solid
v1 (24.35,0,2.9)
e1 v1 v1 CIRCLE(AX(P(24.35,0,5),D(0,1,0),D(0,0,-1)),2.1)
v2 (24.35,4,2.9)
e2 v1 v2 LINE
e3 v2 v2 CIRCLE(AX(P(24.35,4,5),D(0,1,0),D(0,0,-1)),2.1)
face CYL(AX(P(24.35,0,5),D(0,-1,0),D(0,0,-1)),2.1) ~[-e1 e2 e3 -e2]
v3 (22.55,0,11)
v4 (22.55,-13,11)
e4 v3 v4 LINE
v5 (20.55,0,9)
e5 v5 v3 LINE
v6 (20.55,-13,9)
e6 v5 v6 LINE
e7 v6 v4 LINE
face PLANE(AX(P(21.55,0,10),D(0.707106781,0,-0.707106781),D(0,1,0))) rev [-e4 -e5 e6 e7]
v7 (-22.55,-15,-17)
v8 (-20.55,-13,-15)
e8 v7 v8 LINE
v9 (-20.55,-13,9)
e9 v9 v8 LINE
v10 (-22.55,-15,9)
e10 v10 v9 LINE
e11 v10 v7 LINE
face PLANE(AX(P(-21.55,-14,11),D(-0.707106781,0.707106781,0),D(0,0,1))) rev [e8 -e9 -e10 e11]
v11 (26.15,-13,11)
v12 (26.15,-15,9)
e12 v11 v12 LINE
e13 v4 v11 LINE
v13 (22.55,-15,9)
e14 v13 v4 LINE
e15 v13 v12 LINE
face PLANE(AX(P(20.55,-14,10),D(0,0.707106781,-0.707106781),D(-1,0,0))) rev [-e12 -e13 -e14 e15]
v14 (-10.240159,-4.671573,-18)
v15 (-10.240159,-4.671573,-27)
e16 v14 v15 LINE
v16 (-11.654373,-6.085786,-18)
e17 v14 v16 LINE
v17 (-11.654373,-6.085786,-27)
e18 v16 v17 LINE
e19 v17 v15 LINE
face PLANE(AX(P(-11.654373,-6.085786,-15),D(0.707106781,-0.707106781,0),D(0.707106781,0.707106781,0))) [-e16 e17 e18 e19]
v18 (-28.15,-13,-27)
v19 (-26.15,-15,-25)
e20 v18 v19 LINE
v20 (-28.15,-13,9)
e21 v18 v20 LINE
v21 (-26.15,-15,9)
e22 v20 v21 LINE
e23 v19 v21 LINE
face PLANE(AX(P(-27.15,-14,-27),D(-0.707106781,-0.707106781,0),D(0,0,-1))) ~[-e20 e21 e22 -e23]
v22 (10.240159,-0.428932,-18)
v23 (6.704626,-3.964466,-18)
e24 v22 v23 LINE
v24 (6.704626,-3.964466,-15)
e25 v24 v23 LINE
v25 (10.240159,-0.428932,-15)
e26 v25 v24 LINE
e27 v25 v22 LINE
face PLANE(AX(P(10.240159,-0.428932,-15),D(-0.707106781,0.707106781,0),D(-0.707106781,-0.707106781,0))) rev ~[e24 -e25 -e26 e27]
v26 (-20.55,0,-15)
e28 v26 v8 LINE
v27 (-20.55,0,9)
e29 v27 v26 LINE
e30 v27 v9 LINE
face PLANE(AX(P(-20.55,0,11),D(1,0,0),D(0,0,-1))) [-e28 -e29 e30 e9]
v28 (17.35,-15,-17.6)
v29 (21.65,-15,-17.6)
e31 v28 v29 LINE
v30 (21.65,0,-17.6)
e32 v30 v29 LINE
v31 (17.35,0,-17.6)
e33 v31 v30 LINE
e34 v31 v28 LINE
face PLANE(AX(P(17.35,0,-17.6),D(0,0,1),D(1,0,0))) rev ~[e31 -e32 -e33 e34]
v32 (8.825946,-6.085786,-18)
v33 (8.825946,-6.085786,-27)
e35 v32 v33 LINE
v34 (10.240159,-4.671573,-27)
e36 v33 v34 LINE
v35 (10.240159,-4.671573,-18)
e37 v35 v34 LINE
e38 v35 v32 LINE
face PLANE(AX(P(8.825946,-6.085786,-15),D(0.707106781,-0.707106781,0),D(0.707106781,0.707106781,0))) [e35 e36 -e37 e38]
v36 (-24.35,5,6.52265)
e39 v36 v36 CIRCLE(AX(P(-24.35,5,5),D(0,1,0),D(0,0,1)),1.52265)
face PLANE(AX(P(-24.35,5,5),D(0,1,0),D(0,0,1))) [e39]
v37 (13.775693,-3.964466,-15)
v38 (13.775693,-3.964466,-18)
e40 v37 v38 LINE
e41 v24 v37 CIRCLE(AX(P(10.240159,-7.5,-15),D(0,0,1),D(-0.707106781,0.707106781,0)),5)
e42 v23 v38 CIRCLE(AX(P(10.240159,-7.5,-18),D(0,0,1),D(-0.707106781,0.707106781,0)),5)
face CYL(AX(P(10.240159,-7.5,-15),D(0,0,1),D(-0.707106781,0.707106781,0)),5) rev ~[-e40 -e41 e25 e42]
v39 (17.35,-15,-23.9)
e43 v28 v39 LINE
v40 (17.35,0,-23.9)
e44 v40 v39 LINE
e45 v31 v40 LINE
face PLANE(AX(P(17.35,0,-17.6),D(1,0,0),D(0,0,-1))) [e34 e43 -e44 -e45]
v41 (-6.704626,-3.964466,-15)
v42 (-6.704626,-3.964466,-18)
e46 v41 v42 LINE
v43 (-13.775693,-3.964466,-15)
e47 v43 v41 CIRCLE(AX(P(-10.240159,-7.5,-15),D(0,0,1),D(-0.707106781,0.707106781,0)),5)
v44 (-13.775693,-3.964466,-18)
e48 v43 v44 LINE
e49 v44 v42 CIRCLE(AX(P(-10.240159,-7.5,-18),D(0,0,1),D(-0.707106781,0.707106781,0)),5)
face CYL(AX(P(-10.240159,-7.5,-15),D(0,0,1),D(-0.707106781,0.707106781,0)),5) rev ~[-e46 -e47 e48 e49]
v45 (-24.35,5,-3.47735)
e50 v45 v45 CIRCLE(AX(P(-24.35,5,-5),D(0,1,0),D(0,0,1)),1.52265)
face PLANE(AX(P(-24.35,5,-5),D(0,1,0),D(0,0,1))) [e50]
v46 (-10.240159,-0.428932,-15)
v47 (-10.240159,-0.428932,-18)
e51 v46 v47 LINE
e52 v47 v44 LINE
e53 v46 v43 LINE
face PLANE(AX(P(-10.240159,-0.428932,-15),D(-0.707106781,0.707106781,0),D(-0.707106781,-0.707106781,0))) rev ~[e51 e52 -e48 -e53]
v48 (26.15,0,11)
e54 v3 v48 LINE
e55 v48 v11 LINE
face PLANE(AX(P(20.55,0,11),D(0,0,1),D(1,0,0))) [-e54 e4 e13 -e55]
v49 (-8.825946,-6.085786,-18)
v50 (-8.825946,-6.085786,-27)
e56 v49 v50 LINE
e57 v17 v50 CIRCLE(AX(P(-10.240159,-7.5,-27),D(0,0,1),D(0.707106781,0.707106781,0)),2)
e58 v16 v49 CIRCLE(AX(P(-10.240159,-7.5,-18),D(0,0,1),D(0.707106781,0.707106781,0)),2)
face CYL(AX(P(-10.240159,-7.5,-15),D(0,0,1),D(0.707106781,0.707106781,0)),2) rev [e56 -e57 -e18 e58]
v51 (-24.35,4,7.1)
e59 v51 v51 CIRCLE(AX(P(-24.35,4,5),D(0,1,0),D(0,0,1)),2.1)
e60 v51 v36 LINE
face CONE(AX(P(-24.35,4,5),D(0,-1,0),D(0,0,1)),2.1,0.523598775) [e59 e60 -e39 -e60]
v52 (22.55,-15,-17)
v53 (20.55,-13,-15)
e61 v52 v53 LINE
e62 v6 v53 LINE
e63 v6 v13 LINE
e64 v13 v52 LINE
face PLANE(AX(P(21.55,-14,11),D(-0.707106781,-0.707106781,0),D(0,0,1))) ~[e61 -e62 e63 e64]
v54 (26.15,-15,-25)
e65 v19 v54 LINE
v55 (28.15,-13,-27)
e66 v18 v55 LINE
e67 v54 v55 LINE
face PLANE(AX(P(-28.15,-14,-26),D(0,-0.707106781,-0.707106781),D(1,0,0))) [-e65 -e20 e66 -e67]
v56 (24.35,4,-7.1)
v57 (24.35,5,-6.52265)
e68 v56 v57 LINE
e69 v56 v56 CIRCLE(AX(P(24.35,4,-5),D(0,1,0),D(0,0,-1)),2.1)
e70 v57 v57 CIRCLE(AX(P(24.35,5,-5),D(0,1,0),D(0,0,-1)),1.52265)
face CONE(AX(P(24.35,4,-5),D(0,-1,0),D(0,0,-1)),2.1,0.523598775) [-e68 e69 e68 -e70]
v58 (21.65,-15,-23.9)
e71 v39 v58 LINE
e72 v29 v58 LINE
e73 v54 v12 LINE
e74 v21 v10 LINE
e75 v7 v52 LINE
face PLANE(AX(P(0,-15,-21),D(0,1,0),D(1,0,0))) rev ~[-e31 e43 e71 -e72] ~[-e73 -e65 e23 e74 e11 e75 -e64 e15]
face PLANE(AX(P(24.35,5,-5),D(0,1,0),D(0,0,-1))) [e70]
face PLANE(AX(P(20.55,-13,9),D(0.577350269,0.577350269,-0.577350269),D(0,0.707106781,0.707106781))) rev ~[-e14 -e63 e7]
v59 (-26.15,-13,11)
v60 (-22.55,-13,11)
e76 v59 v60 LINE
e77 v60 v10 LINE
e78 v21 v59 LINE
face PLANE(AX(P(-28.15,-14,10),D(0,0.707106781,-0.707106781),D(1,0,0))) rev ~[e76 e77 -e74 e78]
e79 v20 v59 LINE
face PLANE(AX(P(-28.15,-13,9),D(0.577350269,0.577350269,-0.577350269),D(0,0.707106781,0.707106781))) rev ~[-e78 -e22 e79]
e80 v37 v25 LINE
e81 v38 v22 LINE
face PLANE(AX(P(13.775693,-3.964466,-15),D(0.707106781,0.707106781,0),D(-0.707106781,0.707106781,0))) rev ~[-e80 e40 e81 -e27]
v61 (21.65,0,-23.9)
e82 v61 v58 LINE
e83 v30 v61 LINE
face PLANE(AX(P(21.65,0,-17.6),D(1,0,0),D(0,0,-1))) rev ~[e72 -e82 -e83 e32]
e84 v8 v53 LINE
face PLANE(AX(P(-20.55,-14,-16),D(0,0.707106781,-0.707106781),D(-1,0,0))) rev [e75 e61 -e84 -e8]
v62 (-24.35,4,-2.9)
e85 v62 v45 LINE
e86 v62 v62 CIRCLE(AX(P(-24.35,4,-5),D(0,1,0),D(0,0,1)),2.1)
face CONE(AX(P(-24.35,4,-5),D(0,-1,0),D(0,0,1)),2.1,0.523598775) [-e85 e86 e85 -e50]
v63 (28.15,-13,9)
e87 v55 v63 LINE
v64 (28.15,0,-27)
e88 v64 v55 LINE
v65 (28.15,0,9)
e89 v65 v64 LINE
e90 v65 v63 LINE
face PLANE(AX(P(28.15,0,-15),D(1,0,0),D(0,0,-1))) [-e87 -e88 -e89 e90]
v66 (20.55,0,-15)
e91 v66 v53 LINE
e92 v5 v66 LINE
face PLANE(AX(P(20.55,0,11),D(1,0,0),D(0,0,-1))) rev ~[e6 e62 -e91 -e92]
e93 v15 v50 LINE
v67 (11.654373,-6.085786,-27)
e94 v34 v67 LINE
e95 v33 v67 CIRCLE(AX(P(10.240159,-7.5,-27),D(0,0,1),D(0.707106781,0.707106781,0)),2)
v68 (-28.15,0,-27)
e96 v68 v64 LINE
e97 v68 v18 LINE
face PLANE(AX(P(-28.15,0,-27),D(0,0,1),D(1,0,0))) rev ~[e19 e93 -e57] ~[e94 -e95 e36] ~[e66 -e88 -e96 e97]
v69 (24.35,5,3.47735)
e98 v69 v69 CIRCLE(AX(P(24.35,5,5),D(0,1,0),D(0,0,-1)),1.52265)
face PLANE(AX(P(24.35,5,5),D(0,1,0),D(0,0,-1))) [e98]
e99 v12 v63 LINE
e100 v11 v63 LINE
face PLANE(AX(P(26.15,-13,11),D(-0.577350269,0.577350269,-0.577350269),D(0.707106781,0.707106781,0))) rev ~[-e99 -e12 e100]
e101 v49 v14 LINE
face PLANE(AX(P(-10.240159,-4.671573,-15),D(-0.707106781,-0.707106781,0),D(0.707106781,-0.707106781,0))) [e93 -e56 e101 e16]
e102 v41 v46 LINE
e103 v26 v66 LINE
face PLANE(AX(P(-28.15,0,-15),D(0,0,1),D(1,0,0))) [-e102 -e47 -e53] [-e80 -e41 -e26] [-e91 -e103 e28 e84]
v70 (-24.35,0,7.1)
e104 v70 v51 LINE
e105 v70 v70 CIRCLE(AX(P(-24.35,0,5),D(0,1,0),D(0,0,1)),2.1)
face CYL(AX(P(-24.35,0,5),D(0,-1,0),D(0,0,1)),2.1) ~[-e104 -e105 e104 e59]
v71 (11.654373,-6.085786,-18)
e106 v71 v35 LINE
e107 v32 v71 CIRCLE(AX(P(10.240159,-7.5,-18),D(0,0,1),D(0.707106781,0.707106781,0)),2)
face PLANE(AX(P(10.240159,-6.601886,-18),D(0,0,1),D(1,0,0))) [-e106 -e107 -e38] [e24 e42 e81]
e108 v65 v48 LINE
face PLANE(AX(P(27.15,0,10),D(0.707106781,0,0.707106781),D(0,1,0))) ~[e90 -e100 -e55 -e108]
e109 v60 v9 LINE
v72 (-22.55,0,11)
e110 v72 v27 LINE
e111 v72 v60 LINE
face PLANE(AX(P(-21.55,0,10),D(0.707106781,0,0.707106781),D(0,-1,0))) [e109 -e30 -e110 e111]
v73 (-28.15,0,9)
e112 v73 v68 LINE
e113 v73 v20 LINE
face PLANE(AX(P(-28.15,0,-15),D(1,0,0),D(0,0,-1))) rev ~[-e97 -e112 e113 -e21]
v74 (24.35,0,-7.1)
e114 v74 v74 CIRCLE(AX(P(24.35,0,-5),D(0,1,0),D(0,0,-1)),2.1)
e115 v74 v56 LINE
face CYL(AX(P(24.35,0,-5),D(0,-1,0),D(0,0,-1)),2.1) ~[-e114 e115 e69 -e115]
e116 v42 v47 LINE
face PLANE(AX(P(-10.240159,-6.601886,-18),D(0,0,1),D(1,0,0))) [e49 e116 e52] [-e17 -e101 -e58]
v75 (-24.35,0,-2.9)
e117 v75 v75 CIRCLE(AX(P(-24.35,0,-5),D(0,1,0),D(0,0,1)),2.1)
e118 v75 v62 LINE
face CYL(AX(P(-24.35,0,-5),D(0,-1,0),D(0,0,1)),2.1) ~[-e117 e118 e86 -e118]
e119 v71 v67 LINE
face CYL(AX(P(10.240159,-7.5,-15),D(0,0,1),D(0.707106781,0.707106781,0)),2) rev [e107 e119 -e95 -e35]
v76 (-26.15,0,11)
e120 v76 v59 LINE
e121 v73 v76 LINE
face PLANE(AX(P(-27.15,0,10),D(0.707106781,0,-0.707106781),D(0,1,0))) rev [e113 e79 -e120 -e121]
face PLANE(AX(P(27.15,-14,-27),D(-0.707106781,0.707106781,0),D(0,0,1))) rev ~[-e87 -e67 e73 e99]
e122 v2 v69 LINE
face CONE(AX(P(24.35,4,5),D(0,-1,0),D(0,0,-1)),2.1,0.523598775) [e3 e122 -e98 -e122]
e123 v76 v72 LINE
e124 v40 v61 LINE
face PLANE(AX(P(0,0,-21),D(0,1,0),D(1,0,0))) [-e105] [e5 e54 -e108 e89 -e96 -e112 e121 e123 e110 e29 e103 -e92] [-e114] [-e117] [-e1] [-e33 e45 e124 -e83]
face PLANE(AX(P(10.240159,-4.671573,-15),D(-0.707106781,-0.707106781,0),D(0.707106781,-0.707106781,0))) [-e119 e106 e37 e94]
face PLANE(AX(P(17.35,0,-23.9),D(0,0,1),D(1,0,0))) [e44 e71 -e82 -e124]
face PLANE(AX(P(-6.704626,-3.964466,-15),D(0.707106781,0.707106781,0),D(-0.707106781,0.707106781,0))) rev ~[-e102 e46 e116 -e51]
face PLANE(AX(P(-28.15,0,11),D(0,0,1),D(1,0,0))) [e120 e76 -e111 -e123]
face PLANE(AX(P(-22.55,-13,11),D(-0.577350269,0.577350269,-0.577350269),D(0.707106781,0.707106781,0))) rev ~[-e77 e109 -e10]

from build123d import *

# Parameters (mm, degrees)
SKETCH2_R             = 2.1
BOSS_EXTRUDE1_DEPTH   = 5
BOSS_EXTRUDE1_2_DEPTH = 5
BOSS_EXTRUDE1_3_DEPTH = 5
BOSS_EXTRUDE1_4_DEPTH = 5
SKETCH3_W             = 7.6
SKETCH3_H             = 26
BOSS_EXTRUDE2_DEPTH   = 15
CHAMFER1_SIZE         = 1
CHAMFER1_SIZE2        = 0.577350269
CHAMFER1_PART_2_SIZE  = 1
CHAMFER1_PART_2_SIZE2 = 0.577350269
CHAMFER2_SIZE         = 1
CHAMFER2_SIZE2        = 0.577350269
CHAMFER2_PART_2_SIZE  = 1
CHAMFER2_PART_2_SIZE2 = 0.577350269
SKETCH4_W             = 56.3
SKETCH4_H             = 12
BOSS_EXTRUDE3_DEPTH   = 15
CUT_EXTRUDE1_DEPTH    = 42.151215049
CUT_EXTRUDE2_DEPTH    = 3
CHAMFER7_SIZE         = 2
SKETCH7_W             = 4.3
SKETCH7_H             = 6.3
CUT_EXTRUDE3_DEPTH    = 42.790220148


with BuildPart() as part:
    # Sketch2 → Boss-Extrude1 (new body)
    with BuildSketch(Plane(origin=(0, 0, 0), x_dir=(1, 0, 0), z_dir=(0, 1, 0))):
        with Locations(Location((-24.35, 5, 0), (0, 0, 270))):
            Circle(SKETCH2_R)
    extrude(amount=BOSS_EXTRUDE1_DEPTH)



with BuildPart() as body_2:
    # Sketch2 → Boss-Extrude1 2 (new body)
    with BuildSketch(Plane(origin=(0, 0, 0), x_dir=(1, 0, 0), z_dir=(0, 1, 0))):
        with Locations(Location((-24.35, -5, 0), (0, 0, 270))):
            Circle(SKETCH2_R)
    extrude(amount=BOSS_EXTRUDE1_2_DEPTH)


with BuildPart() as body_3:
    # Sketch2 → Boss-Extrude1 3 (new body)
    with BuildSketch(Plane(origin=(0, 0, 0), x_dir=(1, 0, 0), z_dir=(0, 1, 0))):
        with Locations(Location((24.35, -5, 0), (0, 0, 90))):
            Circle(SKETCH2_R)
    extrude(amount=BOSS_EXTRUDE1_3_DEPTH)


with BuildPart() as body_4:
    # Sketch2 → Boss-Extrude1 4 (new body)
    with BuildSketch(Plane(origin=(0, 0, 0), x_dir=(1, 0, 0), z_dir=(0, 1, 0))):
        with Locations(Location((24.35, 5, 0), (0, 0, 90))):
            Circle(SKETCH2_R)
    extrude(amount=BOSS_EXTRUDE1_4_DEPTH)


with BuildPart() as part_1:
    add(part.part)

    add(body_2.part)  # Boss-Extrude2 merges body 2

    add(body_3.part)  # Boss-Extrude2 merges body 3

    add(body_4.part)  # Boss-Extrude2 merges body 4
    # Sketch3 → Boss-Extrude2 (add)
    with BuildSketch(Plane(origin=(0, 0, 0), x_dir=(1, 0, 0), z_dir=(0, 1, 0))):
        with Locations((-24.35, 2)):
            Rectangle(SKETCH3_W, SKETCH3_H)
        with Locations((24.35, 2)):
            Rectangle(SKETCH3_W, SKETCH3_H)
    extrude(amount=-BOSS_EXTRUDE2_DEPTH)

    # Chamfer1
    chamfer1_edges = [part_1.edges().sort_by_distance(p)[0] for p in [
        (-24.35, 5, 2.9),
    ]]
    chamfer1_side = [part_1.faces().sort_by_distance(p)[0] for p in [
        (-24.35, 2.5, 2.9),
    ]]
    chamfer(chamfer1_edges, length=CHAMFER1_SIZE, length2=CHAMFER1_SIZE2, reference=chamfer1_side[0])

    # Chamfer1 part 2
    chamfer1_part_2_edges = [part_1.edges().sort_by_distance(p)[0] for p in [
        (-24.35, 5, -7.1),
    ]]
    chamfer1_part_2_side = [part_1.faces().sort_by_distance(p)[0] for p in [
        (-24.35, 2.5, -7.1),
    ]]
    chamfer(chamfer1_part_2_edges, length=CHAMFER1_PART_2_SIZE, length2=CHAMFER1_PART_2_SIZE2, reference=chamfer1_part_2_side[0])

    # Chamfer2
    chamfer2_edges = [part_1.edges().sort_by_distance(p)[0] for p in [
        (24.35, 5, -2.9),
    ]]
    chamfer2_side = [part_1.faces().sort_by_distance(p)[0] for p in [
        (24.35, 2.5, -2.9),
    ]]
    chamfer(chamfer2_edges, length=CHAMFER2_SIZE, length2=CHAMFER2_SIZE2, reference=chamfer2_side[0])

    # Chamfer2 part 2
    chamfer2_part_2_edges = [part_1.edges().sort_by_distance(p)[0] for p in [
        (24.35, 5, 7.1),
    ]]
    chamfer2_part_2_side = [part_1.faces().sort_by_distance(p)[0] for p in [
        (24.35, 2.5, 7.1),
    ]]
    chamfer(chamfer2_part_2_edges, length=CHAMFER2_PART_2_SIZE, length2=CHAMFER2_PART_2_SIZE2, reference=chamfer2_part_2_side[0])

    # Sketch4 → Boss-Extrude3 (add)
    with BuildSketch(Plane(origin=(0, 0, 0), x_dir=(1, 0, 0), z_dir=(0, 1, 0))):
        with Locations((0, 21)):
            Rectangle(SKETCH4_W, SKETCH4_H)
    extrude(amount=-BOSS_EXTRUDE3_DEPTH)

    # Sketch5 → Cut-Extrude1 (cut, through all)
    with BuildSketch(Plane.XY.offset(-15)):
        with BuildLine():
            Line((-11.654372972, -6.085786438), (-10.24015941, -4.671572875))
            Line((-10.24015941, -4.671572875), (-8.825945848, -6.085786438))
            ThreePointArc((-8.825945848, -6.085786438), (-10.24015941, -9.5), (-11.654372972, -6.085786438))
        make_face()
        with BuildLine():
            ThreePointArc((11.654372972, -6.085786438), (10.24015941, -9.5), (8.825945848, -6.085786438))
            Line((8.825945848, -6.085786438), (10.24015941, -4.671572875))
            Line((10.24015941, -4.671572875), (11.654372972, -6.085786438))
        make_face()
    extrude(amount=-CUT_EXTRUDE1_DEPTH, mode=Mode.SUBTRACT)

    # Sketch6 → Cut-Extrude2 (cut)
    with BuildSketch(Plane.XY.offset(-15)):
        with BuildLine():
            Line((-6.704625504, -3.964466094), (-10.24015941, -0.428932188))
            Line((-10.24015941, -0.428932188), (-13.775693316, -3.964466094))
            ThreePointArc((-13.775693316, -3.964466094), (-10.24015941, -12.5), (-6.704625504, -3.964466094))
        make_face()
        with BuildLine():
            Line((13.775693316, -3.964466094), (10.24015941, -0.428932188))
            Line((10.24015941, -0.428932188), (6.704625504, -3.964466094))
            ThreePointArc((6.704625504, -3.964466094), (10.24015941, -12.5), (13.775693316, -3.964466094))
        make_face()
    extrude(amount=-CUT_EXTRUDE2_DEPTH, mode=Mode.SUBTRACT)

    # Chamfer7
    chamfer7_edges = [part_1.edges().sort_by_distance(p)[0] for p in [
        (0, -15, -15),
        (28.15, -15, -8),
        (0, -15, -27),
        (24.35, -15, 11),
        (28.15, -7.5, 11),
        (20.55, -15, -2),
        (20.55, -7.5, 11),
        (-20.55, -15, -2),
        (-24.35, -15, 11),
        (-20.55, -7.5, 11),
        (-28.15, -15, -8),
        (-28.15, -7.5, 11),
    ]]
    chamfer(chamfer7_edges, length=CHAMFER7_SIZE)

    # Sketch7 → Cut-Extrude3 (cut, through all)
    with BuildSketch(Plane(origin=(0, 0, 0), x_dir=(1, 0, 0), z_dir=(0, 1, 0))):
        with Locations((19.5, 20.75)):
            Rectangle(SKETCH7_W, SKETCH7_H)
    extrude(amount=-CUT_EXTRUDE3_DEPTH, mode=Mode.SUBTRACT)


solid = part_1.part
